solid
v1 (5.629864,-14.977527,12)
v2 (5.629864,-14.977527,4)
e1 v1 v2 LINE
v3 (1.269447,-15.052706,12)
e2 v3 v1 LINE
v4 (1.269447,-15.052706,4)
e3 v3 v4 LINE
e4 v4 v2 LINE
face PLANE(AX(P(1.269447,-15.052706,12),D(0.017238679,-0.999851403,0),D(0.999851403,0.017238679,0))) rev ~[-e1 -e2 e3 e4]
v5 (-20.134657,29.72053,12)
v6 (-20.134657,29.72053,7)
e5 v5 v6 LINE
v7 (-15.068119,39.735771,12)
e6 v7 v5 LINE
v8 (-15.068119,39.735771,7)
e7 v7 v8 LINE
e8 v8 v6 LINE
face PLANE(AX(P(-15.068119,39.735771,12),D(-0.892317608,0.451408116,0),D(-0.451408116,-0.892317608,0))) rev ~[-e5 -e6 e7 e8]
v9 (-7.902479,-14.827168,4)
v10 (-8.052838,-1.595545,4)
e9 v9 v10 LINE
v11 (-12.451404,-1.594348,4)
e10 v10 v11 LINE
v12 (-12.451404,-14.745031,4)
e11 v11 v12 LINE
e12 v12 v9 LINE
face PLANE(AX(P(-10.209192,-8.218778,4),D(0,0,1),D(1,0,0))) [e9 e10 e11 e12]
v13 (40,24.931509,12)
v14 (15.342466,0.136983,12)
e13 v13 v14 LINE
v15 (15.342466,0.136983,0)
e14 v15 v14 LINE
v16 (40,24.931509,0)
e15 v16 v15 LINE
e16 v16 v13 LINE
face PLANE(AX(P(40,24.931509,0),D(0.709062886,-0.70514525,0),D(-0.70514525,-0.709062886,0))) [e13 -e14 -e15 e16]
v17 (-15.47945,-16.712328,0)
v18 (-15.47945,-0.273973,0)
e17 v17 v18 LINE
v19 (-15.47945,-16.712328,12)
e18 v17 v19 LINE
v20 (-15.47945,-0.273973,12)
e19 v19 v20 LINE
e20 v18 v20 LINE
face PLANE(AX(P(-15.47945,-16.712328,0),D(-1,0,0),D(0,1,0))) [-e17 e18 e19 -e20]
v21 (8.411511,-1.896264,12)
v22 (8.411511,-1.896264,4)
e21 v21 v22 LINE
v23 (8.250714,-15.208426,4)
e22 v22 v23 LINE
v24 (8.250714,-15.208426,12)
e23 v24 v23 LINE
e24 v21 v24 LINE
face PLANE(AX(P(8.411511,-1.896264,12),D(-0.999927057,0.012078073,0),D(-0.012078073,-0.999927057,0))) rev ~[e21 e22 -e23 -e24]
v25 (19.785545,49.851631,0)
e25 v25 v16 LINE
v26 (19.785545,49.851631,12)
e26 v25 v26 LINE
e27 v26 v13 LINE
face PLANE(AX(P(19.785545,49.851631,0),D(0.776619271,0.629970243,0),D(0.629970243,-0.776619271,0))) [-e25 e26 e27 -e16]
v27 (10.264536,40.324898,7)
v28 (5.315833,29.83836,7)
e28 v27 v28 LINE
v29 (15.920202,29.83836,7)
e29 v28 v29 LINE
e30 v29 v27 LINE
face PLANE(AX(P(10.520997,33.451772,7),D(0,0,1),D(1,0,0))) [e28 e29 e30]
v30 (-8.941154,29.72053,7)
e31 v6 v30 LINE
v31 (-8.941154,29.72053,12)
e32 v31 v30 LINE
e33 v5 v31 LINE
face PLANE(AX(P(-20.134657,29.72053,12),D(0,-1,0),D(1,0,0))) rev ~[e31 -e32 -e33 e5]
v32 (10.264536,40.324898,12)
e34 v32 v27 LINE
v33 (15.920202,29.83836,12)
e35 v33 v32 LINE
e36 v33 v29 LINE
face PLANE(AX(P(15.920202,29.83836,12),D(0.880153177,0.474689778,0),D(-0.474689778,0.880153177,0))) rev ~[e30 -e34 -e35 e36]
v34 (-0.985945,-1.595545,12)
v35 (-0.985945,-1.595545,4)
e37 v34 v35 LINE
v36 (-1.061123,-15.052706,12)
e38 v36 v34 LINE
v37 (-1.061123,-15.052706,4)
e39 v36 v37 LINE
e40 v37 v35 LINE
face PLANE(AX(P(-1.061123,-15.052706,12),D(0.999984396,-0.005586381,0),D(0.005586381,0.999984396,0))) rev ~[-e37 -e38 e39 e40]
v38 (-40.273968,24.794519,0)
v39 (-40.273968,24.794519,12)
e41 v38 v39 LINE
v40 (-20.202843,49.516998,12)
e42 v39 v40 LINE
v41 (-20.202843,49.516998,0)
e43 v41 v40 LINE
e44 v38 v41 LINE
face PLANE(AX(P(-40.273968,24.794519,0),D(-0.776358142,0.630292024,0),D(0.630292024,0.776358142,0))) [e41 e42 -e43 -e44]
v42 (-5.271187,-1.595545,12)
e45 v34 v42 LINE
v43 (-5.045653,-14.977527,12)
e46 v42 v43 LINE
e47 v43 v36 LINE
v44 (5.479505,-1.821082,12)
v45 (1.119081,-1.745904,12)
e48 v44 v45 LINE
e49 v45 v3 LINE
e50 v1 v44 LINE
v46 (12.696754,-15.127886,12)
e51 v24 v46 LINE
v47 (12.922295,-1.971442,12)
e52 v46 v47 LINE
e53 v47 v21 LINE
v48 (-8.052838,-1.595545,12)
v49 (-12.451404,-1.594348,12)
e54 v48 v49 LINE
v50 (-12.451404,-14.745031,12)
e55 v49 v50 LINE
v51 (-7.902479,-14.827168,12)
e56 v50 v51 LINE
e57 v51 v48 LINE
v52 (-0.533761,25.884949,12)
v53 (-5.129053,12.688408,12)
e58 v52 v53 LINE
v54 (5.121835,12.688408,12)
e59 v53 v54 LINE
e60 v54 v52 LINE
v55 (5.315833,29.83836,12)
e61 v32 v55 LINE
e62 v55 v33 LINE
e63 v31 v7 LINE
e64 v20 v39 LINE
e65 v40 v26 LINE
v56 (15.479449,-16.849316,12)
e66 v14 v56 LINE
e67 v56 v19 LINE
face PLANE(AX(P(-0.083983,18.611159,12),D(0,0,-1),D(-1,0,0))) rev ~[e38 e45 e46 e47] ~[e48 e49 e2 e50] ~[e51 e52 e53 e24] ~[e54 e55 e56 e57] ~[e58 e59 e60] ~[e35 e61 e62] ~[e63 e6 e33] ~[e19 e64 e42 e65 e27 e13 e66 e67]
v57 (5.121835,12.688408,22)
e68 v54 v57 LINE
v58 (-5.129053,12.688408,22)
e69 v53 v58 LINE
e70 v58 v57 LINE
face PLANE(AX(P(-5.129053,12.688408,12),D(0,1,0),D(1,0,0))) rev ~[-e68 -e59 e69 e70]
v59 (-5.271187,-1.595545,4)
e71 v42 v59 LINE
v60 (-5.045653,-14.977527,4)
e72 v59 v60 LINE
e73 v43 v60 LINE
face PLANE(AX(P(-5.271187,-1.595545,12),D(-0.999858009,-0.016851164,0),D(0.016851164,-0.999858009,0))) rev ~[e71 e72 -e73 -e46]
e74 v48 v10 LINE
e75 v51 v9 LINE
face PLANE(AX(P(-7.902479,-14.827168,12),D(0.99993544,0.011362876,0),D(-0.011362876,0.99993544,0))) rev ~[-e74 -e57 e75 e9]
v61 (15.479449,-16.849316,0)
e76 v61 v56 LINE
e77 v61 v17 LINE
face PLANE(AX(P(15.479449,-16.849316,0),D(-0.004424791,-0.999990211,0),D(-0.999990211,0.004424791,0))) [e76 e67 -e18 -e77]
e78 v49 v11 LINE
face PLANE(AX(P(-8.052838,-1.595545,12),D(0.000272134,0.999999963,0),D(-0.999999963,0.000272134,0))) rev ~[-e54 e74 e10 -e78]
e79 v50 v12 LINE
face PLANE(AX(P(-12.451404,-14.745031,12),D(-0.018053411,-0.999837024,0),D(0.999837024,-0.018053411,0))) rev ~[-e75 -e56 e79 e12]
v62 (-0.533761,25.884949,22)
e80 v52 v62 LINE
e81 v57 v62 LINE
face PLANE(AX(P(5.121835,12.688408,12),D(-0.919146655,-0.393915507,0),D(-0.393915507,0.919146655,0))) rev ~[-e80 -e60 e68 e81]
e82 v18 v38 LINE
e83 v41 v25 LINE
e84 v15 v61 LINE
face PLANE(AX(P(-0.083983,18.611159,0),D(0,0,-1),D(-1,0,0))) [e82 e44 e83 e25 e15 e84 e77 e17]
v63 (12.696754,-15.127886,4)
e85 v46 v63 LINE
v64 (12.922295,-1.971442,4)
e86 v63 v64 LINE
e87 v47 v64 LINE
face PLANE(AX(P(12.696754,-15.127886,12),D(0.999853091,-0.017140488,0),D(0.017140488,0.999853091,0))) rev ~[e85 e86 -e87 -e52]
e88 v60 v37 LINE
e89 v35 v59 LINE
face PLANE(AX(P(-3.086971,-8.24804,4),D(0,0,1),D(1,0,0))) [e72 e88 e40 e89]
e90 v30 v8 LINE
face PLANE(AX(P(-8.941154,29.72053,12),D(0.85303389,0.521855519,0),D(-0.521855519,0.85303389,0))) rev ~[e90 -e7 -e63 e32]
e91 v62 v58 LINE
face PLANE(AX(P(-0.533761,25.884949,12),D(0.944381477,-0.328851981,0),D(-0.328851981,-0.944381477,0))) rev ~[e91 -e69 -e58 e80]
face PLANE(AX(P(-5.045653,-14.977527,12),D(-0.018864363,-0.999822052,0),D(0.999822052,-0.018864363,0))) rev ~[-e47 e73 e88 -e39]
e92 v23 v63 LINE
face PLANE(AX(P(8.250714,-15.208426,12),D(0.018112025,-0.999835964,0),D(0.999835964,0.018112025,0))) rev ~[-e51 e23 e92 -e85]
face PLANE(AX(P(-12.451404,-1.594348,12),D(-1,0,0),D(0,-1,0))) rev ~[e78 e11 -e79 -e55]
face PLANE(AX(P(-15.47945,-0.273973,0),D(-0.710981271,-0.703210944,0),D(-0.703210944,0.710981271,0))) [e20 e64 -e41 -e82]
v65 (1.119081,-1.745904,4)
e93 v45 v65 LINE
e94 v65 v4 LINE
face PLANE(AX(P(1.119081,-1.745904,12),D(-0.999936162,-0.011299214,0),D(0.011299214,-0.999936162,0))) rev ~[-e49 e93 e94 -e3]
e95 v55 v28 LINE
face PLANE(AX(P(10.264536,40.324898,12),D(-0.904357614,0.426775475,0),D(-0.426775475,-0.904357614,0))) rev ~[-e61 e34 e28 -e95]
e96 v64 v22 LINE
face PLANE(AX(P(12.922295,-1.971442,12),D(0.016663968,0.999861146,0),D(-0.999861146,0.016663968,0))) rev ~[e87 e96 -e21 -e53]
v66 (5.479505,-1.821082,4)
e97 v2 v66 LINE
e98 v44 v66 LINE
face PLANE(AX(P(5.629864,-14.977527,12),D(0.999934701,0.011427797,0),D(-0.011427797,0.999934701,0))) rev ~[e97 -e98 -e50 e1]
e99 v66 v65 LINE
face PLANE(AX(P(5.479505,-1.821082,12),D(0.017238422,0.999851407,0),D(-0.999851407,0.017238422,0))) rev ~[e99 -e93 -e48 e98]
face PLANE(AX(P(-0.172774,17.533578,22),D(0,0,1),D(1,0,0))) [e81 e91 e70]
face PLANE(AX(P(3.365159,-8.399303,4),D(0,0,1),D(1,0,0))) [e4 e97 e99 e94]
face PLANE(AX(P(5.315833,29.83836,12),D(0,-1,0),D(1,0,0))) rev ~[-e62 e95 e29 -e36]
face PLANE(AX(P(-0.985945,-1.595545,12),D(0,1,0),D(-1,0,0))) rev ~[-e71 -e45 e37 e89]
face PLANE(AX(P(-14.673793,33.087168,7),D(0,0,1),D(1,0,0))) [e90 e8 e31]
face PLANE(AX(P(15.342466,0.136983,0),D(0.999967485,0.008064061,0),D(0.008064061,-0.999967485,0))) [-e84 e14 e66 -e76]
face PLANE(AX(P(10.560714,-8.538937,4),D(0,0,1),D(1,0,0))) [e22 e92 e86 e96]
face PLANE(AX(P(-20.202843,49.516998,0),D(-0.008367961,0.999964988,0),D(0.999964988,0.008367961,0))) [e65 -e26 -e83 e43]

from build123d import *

# Parameters (mm, degrees)
PAD_DEPTH       = 12
POCKET_DEPTH    = 8
POCKET001_DEPTH = 5
PAD001_DEPTH    = 10


with BuildPart() as part:
    # Sketch → Pad (new body)
    with BuildSketch(Plane.XY):
        Polygon((-20.202843, 49.516998), (19.785545, 49.851631), (40, 24.931509), (15.342466, 0.136983), (15.479449, -16.849316), (-15.47945, -16.712328), (-15.47945, -0.273973), (-40.273968, 24.794519), align=None)
    extrude(amount=PAD_DEPTH)

    # Sketch001 (on Face10 of Pad) → Pocket (cut)
    with BuildSketch(Plane.XY.offset(12)):
        Polygon((-12.451404, -1.594348), (-12.451404, -14.745031), (-7.902479, -14.827168), (-8.052838, -1.595545), align=None)
        Polygon((-5.271187, -1.595545), (-5.045653, -14.977527), (-1.061123, -15.052706), (-0.985945, -1.595545), align=None)
        Polygon((1.119081, -1.745904), (1.269447, -15.052706), (5.629864, -14.977527), (5.479505, -1.821082), align=None)
        Polygon((8.411511, -1.896264), (8.250714, -15.208426), (12.696754, -15.127886), (12.922295, -1.971442), align=None)
    extrude(amount=-POCKET_DEPTH, mode=Mode.SUBTRACT)

    # Sketch002 (on Face5 of Pocket) → Pocket001 (cut)
    with BuildSketch(Plane.XY.offset(12)):
        Polygon((-15.068119, 39.735771), (-20.134657, 29.72053), (-8.941154, 29.72053), align=None)
        Polygon((5.315833, 29.83836), (15.920202, 29.83836), (10.264536, 40.324898), align=None)
    extrude(amount=-POCKET001_DEPTH, mode=Mode.SUBTRACT)

    # Sketch003 (on Face5 of Pocket001) → Pad001 (join)
    with BuildSketch(Plane.XY.offset(12)):
        Polygon((-0.533761, 25.884949), (-5.129053, 12.688408), (5.121835, 12.688408), align=None)
    extrude(amount=PAD001_DEPTH)


solid = part.part
